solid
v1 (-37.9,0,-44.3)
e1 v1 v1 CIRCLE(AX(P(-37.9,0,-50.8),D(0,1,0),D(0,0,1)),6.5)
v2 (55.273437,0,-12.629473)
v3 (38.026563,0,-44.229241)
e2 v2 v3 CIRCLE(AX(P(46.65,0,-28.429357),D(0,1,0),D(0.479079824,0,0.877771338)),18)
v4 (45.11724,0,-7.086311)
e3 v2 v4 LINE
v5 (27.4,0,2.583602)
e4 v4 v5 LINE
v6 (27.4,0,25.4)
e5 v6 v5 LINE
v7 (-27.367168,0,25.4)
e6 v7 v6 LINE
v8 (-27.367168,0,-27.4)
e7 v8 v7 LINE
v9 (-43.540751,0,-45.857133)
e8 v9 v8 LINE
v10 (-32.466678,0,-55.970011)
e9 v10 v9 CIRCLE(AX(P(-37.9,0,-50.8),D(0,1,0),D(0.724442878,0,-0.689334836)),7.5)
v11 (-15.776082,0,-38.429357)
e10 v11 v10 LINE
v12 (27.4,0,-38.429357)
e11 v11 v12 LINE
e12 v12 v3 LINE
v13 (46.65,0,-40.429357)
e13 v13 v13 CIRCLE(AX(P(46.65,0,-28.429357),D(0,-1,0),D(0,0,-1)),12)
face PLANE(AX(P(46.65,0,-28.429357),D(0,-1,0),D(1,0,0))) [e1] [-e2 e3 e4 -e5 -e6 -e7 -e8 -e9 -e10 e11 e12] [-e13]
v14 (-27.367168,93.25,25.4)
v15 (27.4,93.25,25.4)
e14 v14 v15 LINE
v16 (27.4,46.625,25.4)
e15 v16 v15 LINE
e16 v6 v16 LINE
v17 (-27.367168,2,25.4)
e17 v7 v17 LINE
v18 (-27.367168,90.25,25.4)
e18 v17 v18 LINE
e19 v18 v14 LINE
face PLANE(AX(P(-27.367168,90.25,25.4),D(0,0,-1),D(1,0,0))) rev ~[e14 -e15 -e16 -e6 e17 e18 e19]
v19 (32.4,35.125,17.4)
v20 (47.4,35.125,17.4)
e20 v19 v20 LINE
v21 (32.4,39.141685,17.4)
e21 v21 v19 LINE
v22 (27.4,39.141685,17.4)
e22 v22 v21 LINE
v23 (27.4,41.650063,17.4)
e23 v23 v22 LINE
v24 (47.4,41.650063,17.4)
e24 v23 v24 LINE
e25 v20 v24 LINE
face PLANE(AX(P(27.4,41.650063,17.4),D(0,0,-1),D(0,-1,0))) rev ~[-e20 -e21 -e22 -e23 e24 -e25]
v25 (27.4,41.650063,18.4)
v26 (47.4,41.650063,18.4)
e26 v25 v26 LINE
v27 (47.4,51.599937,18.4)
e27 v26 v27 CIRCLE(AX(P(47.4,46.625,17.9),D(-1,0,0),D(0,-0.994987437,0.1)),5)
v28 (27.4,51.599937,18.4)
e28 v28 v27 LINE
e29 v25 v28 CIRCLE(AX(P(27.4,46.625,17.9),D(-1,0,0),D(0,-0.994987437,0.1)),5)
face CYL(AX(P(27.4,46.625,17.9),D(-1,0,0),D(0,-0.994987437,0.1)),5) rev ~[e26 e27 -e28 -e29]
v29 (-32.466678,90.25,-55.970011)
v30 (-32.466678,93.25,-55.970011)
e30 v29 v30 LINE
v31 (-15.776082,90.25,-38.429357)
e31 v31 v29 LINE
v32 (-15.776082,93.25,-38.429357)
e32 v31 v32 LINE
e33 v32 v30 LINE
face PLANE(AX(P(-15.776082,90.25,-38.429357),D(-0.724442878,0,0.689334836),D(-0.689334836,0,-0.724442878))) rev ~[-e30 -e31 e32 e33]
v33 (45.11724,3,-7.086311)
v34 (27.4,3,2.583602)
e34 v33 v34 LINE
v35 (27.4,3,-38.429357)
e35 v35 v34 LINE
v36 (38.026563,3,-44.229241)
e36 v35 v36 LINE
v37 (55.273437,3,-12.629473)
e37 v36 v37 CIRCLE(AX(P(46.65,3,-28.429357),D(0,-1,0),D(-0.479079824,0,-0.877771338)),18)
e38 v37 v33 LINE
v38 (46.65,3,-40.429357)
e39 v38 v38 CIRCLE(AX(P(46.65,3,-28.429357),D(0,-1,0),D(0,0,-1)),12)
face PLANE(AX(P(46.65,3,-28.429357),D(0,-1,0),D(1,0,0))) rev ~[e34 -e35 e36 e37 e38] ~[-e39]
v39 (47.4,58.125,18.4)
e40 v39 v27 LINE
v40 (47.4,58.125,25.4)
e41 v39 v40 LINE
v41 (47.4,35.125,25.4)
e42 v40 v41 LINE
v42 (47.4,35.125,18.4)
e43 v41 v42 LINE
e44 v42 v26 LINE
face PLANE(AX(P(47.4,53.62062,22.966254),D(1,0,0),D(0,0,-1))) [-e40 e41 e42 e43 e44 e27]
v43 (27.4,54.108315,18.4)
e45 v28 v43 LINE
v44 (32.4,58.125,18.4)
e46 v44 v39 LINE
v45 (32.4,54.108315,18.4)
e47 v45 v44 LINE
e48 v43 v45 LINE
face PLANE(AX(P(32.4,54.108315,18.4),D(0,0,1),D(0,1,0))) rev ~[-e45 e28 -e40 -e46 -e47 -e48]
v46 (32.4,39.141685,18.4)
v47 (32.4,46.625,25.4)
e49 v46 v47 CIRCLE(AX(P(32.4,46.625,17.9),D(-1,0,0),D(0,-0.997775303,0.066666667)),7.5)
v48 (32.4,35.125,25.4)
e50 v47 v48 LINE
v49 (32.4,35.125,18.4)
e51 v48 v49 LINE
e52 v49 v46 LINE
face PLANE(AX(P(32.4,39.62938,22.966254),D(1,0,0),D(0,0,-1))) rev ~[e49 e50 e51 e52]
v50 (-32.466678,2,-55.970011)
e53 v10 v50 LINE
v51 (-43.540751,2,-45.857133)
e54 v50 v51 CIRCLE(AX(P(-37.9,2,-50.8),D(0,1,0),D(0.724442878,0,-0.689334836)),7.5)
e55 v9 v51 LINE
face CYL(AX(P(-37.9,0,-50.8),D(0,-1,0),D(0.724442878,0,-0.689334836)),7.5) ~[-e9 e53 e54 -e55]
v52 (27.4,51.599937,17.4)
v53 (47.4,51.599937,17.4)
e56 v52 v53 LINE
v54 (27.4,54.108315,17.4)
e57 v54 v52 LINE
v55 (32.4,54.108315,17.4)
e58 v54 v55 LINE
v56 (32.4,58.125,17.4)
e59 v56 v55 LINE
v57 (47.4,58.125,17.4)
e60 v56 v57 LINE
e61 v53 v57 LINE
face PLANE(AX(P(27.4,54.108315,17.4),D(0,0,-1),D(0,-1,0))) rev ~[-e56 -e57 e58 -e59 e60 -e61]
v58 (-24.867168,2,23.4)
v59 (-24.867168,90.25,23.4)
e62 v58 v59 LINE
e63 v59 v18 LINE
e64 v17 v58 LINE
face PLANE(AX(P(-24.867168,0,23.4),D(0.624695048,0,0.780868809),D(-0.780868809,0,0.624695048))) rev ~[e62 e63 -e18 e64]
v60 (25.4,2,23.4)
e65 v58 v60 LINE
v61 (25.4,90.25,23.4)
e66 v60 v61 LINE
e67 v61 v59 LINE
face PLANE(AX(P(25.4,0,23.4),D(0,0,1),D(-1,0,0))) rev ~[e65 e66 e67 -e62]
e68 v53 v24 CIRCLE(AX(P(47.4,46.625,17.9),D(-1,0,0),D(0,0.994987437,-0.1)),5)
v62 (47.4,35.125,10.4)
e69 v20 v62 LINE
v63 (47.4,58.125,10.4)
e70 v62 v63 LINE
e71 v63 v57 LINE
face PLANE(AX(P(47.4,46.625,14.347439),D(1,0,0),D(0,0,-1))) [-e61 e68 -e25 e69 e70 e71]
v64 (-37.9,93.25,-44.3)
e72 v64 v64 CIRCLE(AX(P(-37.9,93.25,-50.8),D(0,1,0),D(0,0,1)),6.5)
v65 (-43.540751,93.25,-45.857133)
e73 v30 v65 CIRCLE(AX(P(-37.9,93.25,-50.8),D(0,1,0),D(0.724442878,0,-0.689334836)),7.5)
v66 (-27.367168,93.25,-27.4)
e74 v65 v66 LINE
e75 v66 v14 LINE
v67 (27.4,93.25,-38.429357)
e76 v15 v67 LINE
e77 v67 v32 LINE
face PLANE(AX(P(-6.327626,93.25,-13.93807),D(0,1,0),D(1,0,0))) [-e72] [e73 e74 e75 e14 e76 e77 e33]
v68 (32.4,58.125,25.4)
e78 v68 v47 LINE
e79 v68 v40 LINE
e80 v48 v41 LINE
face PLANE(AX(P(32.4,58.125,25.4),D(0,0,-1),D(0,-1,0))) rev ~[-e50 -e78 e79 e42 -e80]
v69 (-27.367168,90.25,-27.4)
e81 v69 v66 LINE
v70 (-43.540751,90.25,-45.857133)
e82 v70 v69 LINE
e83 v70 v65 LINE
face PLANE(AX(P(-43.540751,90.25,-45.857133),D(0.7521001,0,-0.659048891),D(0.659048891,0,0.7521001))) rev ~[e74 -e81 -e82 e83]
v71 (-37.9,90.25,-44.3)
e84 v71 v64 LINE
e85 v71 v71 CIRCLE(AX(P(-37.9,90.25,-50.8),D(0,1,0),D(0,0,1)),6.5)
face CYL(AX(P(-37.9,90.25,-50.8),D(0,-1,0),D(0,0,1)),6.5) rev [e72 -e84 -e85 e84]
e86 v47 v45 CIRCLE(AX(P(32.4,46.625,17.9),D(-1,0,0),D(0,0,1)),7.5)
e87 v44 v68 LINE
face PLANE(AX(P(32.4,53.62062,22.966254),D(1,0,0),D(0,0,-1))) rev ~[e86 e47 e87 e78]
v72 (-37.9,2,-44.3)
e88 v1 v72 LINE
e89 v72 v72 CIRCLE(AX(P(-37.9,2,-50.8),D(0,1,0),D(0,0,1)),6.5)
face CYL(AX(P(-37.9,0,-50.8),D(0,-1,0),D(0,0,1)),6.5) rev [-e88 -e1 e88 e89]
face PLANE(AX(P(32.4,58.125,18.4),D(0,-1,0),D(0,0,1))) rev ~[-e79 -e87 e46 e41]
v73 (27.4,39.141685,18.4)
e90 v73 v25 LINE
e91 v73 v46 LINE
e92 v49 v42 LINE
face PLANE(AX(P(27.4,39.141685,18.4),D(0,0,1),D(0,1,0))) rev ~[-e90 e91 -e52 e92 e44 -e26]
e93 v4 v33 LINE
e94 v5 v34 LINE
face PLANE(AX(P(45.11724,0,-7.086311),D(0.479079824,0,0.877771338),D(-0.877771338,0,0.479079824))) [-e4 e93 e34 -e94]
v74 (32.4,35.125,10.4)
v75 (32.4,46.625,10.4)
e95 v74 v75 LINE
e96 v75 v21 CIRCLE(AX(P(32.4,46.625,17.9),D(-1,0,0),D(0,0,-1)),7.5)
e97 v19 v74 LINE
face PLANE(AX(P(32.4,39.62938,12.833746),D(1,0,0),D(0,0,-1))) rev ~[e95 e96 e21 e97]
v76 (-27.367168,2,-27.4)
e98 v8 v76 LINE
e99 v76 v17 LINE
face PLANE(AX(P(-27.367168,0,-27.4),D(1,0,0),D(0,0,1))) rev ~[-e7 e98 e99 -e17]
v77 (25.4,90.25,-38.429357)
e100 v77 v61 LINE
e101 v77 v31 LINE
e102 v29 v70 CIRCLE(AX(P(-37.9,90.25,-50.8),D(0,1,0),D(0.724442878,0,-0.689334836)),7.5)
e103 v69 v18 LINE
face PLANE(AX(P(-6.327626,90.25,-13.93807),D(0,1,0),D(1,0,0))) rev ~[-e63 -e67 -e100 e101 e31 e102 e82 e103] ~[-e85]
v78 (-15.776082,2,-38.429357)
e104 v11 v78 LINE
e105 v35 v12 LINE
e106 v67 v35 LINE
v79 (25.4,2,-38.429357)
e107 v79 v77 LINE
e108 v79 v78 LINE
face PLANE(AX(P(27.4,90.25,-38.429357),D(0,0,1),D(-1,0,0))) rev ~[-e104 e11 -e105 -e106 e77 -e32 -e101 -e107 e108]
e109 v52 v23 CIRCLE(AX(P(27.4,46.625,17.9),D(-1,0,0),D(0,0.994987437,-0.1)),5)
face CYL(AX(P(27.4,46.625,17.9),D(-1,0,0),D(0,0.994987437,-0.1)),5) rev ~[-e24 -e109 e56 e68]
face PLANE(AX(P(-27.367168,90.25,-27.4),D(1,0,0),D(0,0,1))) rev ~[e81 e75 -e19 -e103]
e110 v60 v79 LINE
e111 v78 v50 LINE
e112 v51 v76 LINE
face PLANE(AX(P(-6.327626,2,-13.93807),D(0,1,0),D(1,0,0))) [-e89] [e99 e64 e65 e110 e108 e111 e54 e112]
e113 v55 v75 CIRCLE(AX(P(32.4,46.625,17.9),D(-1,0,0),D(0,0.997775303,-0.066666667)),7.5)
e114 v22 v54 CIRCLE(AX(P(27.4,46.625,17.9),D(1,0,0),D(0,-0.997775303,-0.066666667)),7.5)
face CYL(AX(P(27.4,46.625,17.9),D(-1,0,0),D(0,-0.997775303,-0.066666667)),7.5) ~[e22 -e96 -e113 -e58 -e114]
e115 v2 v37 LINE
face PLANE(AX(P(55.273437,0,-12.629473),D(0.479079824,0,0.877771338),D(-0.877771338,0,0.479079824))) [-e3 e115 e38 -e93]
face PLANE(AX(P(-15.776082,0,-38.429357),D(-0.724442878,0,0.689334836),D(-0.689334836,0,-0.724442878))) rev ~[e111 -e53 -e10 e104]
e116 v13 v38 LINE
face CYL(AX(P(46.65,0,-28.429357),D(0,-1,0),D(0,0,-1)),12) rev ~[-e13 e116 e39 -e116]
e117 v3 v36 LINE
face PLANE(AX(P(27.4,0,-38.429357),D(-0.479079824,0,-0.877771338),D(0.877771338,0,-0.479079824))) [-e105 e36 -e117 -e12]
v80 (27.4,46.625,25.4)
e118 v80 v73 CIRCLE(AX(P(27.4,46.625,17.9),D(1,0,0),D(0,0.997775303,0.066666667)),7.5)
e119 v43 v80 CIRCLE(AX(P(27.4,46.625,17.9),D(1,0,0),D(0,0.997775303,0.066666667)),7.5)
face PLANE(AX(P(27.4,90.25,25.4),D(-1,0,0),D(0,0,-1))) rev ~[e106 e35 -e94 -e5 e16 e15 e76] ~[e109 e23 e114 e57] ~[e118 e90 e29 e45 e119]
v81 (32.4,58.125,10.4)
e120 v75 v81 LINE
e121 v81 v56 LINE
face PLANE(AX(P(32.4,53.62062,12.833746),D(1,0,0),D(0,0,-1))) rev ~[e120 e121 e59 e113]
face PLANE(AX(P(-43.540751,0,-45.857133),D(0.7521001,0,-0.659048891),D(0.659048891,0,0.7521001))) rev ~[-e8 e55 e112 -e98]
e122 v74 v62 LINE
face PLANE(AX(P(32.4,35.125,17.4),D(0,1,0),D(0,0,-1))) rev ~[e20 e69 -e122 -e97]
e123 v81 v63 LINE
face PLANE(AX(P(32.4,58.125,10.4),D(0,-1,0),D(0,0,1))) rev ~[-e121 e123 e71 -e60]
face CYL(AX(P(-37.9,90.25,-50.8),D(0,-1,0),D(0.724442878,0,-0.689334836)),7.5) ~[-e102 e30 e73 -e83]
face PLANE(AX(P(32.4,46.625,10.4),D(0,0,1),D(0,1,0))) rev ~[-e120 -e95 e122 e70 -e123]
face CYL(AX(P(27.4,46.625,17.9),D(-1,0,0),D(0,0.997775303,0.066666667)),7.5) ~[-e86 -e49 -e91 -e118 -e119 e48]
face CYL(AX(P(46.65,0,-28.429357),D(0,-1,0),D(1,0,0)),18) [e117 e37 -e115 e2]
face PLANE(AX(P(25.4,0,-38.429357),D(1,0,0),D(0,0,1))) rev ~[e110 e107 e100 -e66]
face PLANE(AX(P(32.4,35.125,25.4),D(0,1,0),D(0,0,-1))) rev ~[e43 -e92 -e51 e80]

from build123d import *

# Parameters (mm, degrees)
SKETCH2_R           = 6.5
BOSS_EXTRUDE1_DEPTH = 2
BOSS_EXTRUDE2_DEPTH = 90.25
BOSS_EXTRUDE3_START = 90.25
SKETCH2_4_R         = 6.5
BOSS_EXTRUDE3_DEPTH = 3
BOSS_EXTRUDE4_DEPTH = 20
BOSS_EXTRUDE5_START = 5
BOSS_EXTRUDE5_DEPTH = 15
SKETCH4_R           = 18
SKETCH4_R_2         = 12
BOSS_EXTRUDE6_DEPTH = 3


with BuildPart() as part:
    # Sketch2 → Boss-Extrude1 (new body)
    with BuildSketch(Plane(origin=(0, 0, 0), x_dir=(1, 0, 0), z_dir=(0, 1, 0))):
        with BuildLine():
            Line((-43.540750747, 45.85713332), (-27.367167941, 27.4))
            Line((-27.367167941, 27.4), (-27.367167941, -25.4))
            Line((-27.367167941, -25.4), (27.4, -25.4))
            Line((27.4, -25.4), (27.4, 38.429357381))
            Line((27.4, 38.429357381), (-15.776081894, 38.429357381))
            Line((-15.776081894, 38.429357381), (-32.466678415, 55.970011272))
            ThreePointArc((-32.466678415, 55.970011272), (-42.957502529, 56.338200806), (-43.540750747, 45.85713332))
        make_face()
        with Locations(Location((-37.9, 50.8, 0), (0, 0, 270))):
            Circle(SKETCH2_R, mode=Mode.SUBTRACT)
    extrude(amount=BOSS_EXTRUDE1_DEPTH)

    # Sketch2<3> → Boss-Extrude2 (add)
    with BuildSketch(Plane(origin=(0, 0, 0), x_dir=(1, 0, 0), z_dir=(0, 1, 0))):
        Polygon((-24.867167941, -23.4), (-27.367167941, -25.4), (27.4, -25.4), (27.4, 38.429357381), (25.4, 38.429357381), (25.4, -23.4), align=None)
    extrude(amount=BOSS_EXTRUDE2_DEPTH)

    # Sketch2<4> → Boss-Extrude3 (add)
    with BuildSketch(Plane(origin=(0, 0, 0), x_dir=(1, 0, 0), z_dir=(0, 1, 0)).offset(BOSS_EXTRUDE3_START)):
        with BuildLine():
            Line((-43.540750747, 45.85713332), (-27.367167941, 27.4))
            Line((-27.367167941, 27.4), (-27.367167941, -25.4))
            Line((-27.367167941, -25.4), (27.4, -25.4))
            Line((27.4, -25.4), (27.4, 38.429357381))
            Line((27.4, 38.429357381), (-15.776081894, 38.429357381))
            Line((-15.776081894, 38.429357381), (-32.466678415, 55.970011272))
            ThreePointArc((-32.466678415, 55.970011272), (-42.957502529, 56.338200806), (-43.540750747, 45.85713332))
        make_face()
        with Locations(Location((-37.9, 50.8, 0), (0, 0, 270))):
            Circle(SKETCH2_4_R, mode=Mode.SUBTRACT)
    extrude(amount=BOSS_EXTRUDE3_DEPTH)

    # Sketch3 → Boss-Extrude4 (add)
    with BuildSketch(Plane(origin=(27.4, 0, 0), x_dir=(0, 0, -1), z_dir=(1, 0, 0))):
        with BuildLine():
            ThreePointArc((-18.4, 41.650062814), (-22.9, 46.625), (-18.4, 51.599937186))
            Line((-18.4, 51.599937186), (-18.4, 54.108314774))
            ThreePointArc((-18.4, 54.108314774), (-25.4, 46.625), (-18.4, 39.141685226))
            Line((-18.4, 39.141685226), (-18.4, 41.650062814))
        make_face()
        with BuildLine():
            Line((-17.4, 54.108314774), (-17.4, 51.599937186))
            ThreePointArc((-17.4, 51.599937186), (-12.9, 46.625), (-17.4, 41.650062814))
            Line((-17.4, 41.650062814), (-17.4, 39.141685226))
            ThreePointArc((-17.4, 39.141685226), (-10.4, 46.625), (-17.4, 54.108314774))
        make_face()
    extrude(amount=BOSS_EXTRUDE4_DEPTH)

    # Sketch3<3> → Boss-Extrude5 (add)
    with BuildSketch(Plane(origin=(27.4, 0, 0), x_dir=(0, 0, -1), z_dir=(1, 0, 0)).offset(BOSS_EXTRUDE5_START)):
        with BuildLine():
            ThreePointArc((-25.4, 46.625), (-23.377225575, 51.748475383), (-18.4, 54.108314774))
            Line((-18.4, 54.108314774), (-18.4, 58.125))
            Line((-18.4, 58.125), (-25.4, 58.125))
            Line((-25.4, 58.125), (-25.4, 46.625))
        make_face()
        with BuildLine():
            Line((-17.4, 58.125), (-17.4, 54.108314774))
            ThreePointArc((-17.4, 54.108314774), (-12.422774425, 51.748475383), (-10.4, 46.625))
            Line((-10.4, 46.625), (-10.4, 58.125))
            Line((-10.4, 58.125), (-17.4, 58.125))
        make_face()
        with BuildLine():
            ThreePointArc((-18.4, 39.141685226), (-23.377225575, 41.501524617), (-25.4, 46.625))
            Line((-25.4, 46.625), (-25.4, 35.125))
            Line((-25.4, 35.125), (-18.4, 35.125))
            Line((-18.4, 35.125), (-18.4, 39.141685226))
        make_face()
        with BuildLine():
            Line((-10.4, 35.125), (-10.4, 46.625))
            ThreePointArc((-10.4, 46.625), (-12.422774425, 41.501524617), (-17.4, 39.141685226))
            Line((-17.4, 39.141685226), (-17.4, 35.125))
            Line((-17.4, 35.125), (-10.4, 35.125))
        make_face()
    extrude(amount=BOSS_EXTRUDE5_DEPTH)

    # Sketch4 → Boss-Extrude6 (add)
    # profile 1 of 3: a face of its own
    with BuildSketch(Plane.XZ):
        with Locations((46.65, -28.429357381)):
            Circle(SKETCH4_R)
        with Locations(Location((46.65, -28.429357381, 0), (0, 0, 270))):
            Circle(SKETCH4_R_2, mode=Mode.SUBTRACT)
    # profile 2 of 3: a face of its own
    with BuildSketch(Plane.XZ):
        with BuildLine():
            Line((27.4, -17.315364699), (27.4, -38.429357381))
            Line((27.4, -38.429357381), (38.026563161, -44.229241465))
            ThreePointArc((38.026563161, -44.229241465), (30.850115916, -19.805920542), (55.273436839, -12.629473297))
            Line((55.273436839, -12.629473297), (45.117240383, -7.086311195))
            Line((45.117240383, -7.086311195), (27.4, -17.315364699))
        make_face()
    # profile 3 of 3: a face of its own
    with BuildSketch(Plane.XZ):
        Polygon((27.4, 2.583601736), (27.4, -17.315364699), (45.117240383, -7.086311195), align=None)
    extrude(amount=-BOSS_EXTRUDE6_DEPTH)


solid = part.part
